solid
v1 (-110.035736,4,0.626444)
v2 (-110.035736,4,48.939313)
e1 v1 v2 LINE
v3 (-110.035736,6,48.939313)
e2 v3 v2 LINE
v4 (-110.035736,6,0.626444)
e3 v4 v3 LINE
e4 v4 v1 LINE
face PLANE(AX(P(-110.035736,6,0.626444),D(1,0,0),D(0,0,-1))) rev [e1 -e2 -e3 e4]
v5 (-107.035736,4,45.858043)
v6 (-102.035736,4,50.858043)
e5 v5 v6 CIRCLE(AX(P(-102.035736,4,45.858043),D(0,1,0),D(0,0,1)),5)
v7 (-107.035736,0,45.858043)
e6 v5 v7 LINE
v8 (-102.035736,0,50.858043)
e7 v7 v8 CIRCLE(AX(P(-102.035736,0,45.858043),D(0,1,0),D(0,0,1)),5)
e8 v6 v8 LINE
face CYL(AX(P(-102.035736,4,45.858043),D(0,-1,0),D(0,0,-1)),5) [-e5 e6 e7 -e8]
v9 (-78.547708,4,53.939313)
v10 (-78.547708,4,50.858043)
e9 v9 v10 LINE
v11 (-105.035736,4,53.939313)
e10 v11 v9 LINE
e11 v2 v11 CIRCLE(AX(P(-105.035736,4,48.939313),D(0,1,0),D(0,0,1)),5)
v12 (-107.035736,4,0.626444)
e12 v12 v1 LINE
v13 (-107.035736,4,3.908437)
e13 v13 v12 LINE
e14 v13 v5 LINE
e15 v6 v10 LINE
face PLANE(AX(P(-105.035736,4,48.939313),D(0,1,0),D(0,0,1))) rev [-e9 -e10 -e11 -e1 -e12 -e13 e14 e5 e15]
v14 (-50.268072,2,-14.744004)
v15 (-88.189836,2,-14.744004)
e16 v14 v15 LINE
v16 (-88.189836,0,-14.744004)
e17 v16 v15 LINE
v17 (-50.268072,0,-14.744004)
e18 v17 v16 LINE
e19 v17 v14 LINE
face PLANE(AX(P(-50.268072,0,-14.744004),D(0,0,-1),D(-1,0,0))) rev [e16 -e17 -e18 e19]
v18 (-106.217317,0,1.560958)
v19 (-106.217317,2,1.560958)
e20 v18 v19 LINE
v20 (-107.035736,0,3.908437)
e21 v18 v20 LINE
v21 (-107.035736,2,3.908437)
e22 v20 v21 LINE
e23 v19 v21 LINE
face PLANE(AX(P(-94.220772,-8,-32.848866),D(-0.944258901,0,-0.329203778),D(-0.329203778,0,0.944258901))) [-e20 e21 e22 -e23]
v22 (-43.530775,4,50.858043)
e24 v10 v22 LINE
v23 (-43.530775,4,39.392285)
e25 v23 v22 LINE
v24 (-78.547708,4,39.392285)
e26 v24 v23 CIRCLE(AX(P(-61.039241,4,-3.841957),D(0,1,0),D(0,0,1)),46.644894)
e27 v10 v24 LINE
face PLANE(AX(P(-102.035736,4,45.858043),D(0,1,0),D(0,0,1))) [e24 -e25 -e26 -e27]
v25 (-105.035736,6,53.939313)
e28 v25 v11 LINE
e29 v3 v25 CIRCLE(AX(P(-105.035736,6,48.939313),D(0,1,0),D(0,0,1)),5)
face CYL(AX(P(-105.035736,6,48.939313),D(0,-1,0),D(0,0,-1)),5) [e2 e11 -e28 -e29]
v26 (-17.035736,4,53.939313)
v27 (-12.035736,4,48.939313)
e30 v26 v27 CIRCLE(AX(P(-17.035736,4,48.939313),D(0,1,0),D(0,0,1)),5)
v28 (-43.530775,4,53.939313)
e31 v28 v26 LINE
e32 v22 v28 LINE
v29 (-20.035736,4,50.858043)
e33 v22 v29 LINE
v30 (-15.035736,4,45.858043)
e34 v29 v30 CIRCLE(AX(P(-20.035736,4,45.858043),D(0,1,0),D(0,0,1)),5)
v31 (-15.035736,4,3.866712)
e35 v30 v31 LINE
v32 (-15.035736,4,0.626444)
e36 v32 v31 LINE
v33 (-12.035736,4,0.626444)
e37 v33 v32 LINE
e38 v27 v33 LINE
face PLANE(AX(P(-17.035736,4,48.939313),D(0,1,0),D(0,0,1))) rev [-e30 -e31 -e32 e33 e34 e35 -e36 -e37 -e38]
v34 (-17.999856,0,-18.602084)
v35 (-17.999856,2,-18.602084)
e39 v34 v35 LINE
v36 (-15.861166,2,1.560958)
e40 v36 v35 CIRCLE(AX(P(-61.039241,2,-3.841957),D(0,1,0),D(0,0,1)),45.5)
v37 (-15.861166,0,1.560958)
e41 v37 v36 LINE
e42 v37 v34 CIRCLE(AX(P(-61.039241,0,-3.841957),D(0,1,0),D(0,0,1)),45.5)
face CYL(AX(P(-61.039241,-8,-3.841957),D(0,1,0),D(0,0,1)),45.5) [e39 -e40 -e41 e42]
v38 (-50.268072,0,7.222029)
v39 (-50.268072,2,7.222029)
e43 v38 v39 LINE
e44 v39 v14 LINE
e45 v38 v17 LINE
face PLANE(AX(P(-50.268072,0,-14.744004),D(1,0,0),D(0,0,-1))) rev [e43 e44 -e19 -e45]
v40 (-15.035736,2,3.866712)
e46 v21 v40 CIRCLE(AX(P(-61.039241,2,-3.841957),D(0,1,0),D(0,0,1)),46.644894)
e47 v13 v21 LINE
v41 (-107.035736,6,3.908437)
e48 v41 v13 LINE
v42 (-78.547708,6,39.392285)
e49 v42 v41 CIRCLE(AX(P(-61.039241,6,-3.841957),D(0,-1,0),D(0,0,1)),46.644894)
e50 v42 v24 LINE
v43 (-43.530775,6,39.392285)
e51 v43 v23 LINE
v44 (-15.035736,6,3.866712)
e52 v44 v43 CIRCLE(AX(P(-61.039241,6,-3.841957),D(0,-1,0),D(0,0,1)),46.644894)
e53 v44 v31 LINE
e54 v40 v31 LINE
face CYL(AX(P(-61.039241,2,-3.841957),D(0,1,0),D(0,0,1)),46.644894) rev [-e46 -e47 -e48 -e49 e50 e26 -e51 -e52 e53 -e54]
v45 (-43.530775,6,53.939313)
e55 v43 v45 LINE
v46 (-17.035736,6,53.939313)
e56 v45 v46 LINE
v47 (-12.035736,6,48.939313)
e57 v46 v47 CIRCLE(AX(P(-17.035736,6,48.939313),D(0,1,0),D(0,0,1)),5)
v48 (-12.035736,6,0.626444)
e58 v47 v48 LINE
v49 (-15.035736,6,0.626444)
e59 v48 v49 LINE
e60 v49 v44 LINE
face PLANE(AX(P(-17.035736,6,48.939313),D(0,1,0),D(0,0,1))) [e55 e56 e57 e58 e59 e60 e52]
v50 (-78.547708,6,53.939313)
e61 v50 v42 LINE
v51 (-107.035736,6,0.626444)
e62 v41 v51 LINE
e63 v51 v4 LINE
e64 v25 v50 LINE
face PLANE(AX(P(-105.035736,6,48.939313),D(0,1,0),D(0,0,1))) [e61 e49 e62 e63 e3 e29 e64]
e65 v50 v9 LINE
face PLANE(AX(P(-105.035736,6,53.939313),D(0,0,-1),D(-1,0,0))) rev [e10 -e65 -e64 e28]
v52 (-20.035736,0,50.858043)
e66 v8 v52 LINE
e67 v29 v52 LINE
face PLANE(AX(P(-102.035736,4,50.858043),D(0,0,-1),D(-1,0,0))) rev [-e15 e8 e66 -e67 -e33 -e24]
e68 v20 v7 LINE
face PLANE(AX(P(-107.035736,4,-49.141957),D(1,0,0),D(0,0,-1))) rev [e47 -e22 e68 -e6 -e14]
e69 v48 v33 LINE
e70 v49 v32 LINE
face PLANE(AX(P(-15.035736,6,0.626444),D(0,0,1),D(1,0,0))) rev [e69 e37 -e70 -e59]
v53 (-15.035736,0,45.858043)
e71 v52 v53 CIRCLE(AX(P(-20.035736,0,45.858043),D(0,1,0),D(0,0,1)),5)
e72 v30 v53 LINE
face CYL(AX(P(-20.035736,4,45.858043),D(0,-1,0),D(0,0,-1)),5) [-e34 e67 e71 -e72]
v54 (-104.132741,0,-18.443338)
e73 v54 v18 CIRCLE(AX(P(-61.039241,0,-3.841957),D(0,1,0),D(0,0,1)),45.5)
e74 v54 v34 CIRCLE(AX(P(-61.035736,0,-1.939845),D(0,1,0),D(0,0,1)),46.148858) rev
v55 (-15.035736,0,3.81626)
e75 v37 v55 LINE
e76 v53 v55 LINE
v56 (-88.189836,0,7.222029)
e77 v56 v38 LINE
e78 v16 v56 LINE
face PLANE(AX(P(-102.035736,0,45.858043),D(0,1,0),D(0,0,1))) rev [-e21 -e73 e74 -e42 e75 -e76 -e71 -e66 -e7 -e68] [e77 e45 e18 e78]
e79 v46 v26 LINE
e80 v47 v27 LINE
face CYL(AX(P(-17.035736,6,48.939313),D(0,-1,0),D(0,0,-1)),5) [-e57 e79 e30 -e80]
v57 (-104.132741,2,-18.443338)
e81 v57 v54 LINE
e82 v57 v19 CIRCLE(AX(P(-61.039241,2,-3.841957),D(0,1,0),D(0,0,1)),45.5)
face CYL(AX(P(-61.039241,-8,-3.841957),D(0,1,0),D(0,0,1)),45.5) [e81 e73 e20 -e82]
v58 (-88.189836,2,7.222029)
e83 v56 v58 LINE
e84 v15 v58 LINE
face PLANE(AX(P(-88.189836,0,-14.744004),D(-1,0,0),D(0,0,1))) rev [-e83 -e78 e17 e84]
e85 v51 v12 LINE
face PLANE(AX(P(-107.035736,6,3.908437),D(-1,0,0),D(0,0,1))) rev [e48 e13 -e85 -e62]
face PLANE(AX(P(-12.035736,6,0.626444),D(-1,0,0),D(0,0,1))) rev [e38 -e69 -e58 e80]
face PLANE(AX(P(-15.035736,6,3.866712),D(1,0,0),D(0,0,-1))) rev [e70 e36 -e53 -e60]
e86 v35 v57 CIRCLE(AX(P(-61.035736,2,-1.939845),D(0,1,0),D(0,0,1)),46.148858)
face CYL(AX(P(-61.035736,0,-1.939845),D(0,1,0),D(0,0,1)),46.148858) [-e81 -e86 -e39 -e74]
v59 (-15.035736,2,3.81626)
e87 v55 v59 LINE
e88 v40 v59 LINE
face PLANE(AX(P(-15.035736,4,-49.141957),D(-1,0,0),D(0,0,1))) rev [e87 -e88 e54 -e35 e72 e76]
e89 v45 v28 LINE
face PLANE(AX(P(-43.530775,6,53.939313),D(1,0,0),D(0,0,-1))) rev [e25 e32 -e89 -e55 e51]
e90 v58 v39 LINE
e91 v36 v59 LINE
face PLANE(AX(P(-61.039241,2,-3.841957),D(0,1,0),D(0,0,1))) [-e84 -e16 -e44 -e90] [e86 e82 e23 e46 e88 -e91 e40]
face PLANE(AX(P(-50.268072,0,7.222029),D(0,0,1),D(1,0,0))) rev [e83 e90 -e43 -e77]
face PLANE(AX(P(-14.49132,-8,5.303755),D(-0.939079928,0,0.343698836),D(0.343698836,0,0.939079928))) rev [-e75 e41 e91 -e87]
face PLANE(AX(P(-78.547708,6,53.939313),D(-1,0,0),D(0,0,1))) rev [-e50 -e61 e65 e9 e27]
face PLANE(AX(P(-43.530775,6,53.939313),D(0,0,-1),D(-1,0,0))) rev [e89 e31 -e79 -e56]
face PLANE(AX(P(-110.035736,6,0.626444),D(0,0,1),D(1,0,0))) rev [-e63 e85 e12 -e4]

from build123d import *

# Parameters (mm, degrees)
BOSS_EXTRUDE2_DEPTH = 4
CUT_EXTRUDE3_DEPTH  = 4
SKETCH6_R           = 46.644893749
CUT_EXTRUDE4_DEPTH  = 2
SKETCH7_W           = 37.921763703
SKETCH7_H           = 21.966033547
CUT_EXTRUDE5_DEPTH  = 2
CUT_EXTRUDE7_DEPTH  = 10
BOSS_EXTRUDE3_DEPTH = 2


with BuildPart() as part:
    # Sketch4 → Boss-Extrude2 (new body)
    with BuildSketch(Plane(origin=(0, 0, 0), x_dir=(1, 0, 0), z_dir=(0, 1, 0))):
        with BuildLine():
            Line((-107.035735829, 49.14195745), (-15.035735829, 49.14195745))
            Line((-15.035735829, 49.14195745), (-15.035735829, -45.85804255))
            ThreePointArc((-15.035735829, -45.85804255), (-16.500201924, -49.393576456), (-20.035735829, -50.85804255))
            Line((-20.035735829, -50.85804255), (-102.035735829, -50.85804255))
            ThreePointArc((-102.035735829, -50.85804255), (-105.571269735, -49.393576456), (-107.035735829, -45.85804255))
            Line((-107.035735829, -45.85804255), (-107.035735829, 49.14195745))
        make_face()
    extrude(amount=BOSS_EXTRUDE2_DEPTH)

    # Sketch5 → Cut-Extrude3 (cut)
    with BuildSketch(Plane(origin=(0, 4, 0), x_dir=(1, 0, 0), z_dir=(0, 1, 0))):
        with BuildLine():
            Line((-122.184107688, 54.312207558), (-0.881081782, 54.312207558))
            Line((-0.881081782, 54.312207558), (-0.881081782, -1.763818638))
            Line((-0.881081782, -1.763818638), (-15.035735829, -1.763818638))
            ThreePointArc((-15.035735829, -1.763818638), (-61.035735829, 48.088703252), (-107.035735829, -1.763818638))
            Line((-107.035735829, -1.763818638), (-116.20594022, -1.763818638))
            Line((-116.20594022, -1.763818638), (-122.184107688, 54.312207558))
        make_face()
    extrude(amount=-CUT_EXTRUDE3_DEPTH, mode=Mode.SUBTRACT)

    # Sketch6 → Cut-Extrude4 (cut)
    with BuildSketch(Plane(origin=(0, 4, 0), x_dir=(1, 0, 0), z_dir=(0, 1, 0))):
        with Locations((-61.039241489, 3.84195745)):
            Circle(SKETCH6_R)
    extrude(amount=-CUT_EXTRUDE4_DEPTH, mode=Mode.SUBTRACT)

    # Sketch7 → Cut-Extrude5 (cut)
    with BuildSketch(Plane(origin=(0, 2, 0), x_dir=(1, 0, 0), z_dir=(0, 1, 0))):
        with Locations((-69.228954178, 3.760987583)):
            Rectangle(SKETCH7_W, SKETCH7_H)
    extrude(amount=-CUT_EXTRUDE5_DEPTH, mode=Mode.SUBTRACT)

    # Sketch13 → Cut-Extrude7 (cut)
    with BuildSketch(Plane(origin=(0, 2, 0), x_dir=(1, 0, 0), z_dir=(0, 1, 0))):
        with BuildLine():
            Line((-106.217317024, -1.560957592), (-107.035735829, -3.908437462))
            Line((-107.035735829, -3.908437462), (-110.118060938, -1.560957592))
            ThreePointArc((-110.118060938, -1.560957592), (-61.039241489, 53.217275266), (-11.960422041, -1.560957592))
            Line((-11.960422041, -1.560957592), (-15.035735829, -3.816260145))
            Line((-15.035735829, -3.816260145), (-15.861165954, -1.560957592))
            ThreePointArc((-15.861165954, -1.560957592), (-61.039241489, 49.34195745), (-106.217317024, -1.560957592))
        make_face()
    extrude(amount=-CUT_EXTRUDE7_DEPTH, mode=Mode.SUBTRACT)

    # Sketch10 → Boss-Extrude3 (add)
    with BuildSketch(Plane(origin=(0, 4, 0), x_dir=(1, 0, 0), z_dir=(0, 1, 0))):
        with BuildLine():
            Line((-110.035735829, -0.626443871), (-107.035735829, -0.626443871))
            Line((-107.035735829, -0.626443871), (-107.035735829, -3.908437462))
            ThreePointArc((-107.035735829, -3.908437462), (-97.412251623, -25.359930275), (-78.547707812, -39.392284997))
            Line((-78.547707812, -39.392284997), (-78.547707812, -53.939312876))
            Line((-78.547707812, -53.939312876), (-105.035735829, -53.939312876))
            ThreePointArc((-105.035735829, -53.939312876), (-108.571269735, -52.474846782), (-110.035735829, -48.939312876))
            Line((-110.035735829, -48.939312876), (-110.035735829, -0.626443871))
        make_face()
        with BuildLine():
            Line((-12.035735829, -0.626443871), (-12.035735829, -48.939312876))
            ThreePointArc((-12.035735829, -48.939312876), (-13.500201924, -52.474846782), (-17.035735829, -53.939312876))
            Line((-17.035735829, -53.939312876), (-43.530775166, -53.939312876))
            Line((-43.530775166, -53.939312876), (-43.530775166, -39.392284997))
            ThreePointArc((-43.530775166, -39.392284997), (-24.652990845, -25.343430622), (-15.035735829, -3.86671169))
            Line((-15.035735829, -3.86671169), (-15.035735829, -0.626443871))
            Line((-15.035735829, -0.626443871), (-12.035735829, -0.626443871))
        make_face()
    extrude(amount=BOSS_EXTRUDE3_DEPTH)


solid = part.part
